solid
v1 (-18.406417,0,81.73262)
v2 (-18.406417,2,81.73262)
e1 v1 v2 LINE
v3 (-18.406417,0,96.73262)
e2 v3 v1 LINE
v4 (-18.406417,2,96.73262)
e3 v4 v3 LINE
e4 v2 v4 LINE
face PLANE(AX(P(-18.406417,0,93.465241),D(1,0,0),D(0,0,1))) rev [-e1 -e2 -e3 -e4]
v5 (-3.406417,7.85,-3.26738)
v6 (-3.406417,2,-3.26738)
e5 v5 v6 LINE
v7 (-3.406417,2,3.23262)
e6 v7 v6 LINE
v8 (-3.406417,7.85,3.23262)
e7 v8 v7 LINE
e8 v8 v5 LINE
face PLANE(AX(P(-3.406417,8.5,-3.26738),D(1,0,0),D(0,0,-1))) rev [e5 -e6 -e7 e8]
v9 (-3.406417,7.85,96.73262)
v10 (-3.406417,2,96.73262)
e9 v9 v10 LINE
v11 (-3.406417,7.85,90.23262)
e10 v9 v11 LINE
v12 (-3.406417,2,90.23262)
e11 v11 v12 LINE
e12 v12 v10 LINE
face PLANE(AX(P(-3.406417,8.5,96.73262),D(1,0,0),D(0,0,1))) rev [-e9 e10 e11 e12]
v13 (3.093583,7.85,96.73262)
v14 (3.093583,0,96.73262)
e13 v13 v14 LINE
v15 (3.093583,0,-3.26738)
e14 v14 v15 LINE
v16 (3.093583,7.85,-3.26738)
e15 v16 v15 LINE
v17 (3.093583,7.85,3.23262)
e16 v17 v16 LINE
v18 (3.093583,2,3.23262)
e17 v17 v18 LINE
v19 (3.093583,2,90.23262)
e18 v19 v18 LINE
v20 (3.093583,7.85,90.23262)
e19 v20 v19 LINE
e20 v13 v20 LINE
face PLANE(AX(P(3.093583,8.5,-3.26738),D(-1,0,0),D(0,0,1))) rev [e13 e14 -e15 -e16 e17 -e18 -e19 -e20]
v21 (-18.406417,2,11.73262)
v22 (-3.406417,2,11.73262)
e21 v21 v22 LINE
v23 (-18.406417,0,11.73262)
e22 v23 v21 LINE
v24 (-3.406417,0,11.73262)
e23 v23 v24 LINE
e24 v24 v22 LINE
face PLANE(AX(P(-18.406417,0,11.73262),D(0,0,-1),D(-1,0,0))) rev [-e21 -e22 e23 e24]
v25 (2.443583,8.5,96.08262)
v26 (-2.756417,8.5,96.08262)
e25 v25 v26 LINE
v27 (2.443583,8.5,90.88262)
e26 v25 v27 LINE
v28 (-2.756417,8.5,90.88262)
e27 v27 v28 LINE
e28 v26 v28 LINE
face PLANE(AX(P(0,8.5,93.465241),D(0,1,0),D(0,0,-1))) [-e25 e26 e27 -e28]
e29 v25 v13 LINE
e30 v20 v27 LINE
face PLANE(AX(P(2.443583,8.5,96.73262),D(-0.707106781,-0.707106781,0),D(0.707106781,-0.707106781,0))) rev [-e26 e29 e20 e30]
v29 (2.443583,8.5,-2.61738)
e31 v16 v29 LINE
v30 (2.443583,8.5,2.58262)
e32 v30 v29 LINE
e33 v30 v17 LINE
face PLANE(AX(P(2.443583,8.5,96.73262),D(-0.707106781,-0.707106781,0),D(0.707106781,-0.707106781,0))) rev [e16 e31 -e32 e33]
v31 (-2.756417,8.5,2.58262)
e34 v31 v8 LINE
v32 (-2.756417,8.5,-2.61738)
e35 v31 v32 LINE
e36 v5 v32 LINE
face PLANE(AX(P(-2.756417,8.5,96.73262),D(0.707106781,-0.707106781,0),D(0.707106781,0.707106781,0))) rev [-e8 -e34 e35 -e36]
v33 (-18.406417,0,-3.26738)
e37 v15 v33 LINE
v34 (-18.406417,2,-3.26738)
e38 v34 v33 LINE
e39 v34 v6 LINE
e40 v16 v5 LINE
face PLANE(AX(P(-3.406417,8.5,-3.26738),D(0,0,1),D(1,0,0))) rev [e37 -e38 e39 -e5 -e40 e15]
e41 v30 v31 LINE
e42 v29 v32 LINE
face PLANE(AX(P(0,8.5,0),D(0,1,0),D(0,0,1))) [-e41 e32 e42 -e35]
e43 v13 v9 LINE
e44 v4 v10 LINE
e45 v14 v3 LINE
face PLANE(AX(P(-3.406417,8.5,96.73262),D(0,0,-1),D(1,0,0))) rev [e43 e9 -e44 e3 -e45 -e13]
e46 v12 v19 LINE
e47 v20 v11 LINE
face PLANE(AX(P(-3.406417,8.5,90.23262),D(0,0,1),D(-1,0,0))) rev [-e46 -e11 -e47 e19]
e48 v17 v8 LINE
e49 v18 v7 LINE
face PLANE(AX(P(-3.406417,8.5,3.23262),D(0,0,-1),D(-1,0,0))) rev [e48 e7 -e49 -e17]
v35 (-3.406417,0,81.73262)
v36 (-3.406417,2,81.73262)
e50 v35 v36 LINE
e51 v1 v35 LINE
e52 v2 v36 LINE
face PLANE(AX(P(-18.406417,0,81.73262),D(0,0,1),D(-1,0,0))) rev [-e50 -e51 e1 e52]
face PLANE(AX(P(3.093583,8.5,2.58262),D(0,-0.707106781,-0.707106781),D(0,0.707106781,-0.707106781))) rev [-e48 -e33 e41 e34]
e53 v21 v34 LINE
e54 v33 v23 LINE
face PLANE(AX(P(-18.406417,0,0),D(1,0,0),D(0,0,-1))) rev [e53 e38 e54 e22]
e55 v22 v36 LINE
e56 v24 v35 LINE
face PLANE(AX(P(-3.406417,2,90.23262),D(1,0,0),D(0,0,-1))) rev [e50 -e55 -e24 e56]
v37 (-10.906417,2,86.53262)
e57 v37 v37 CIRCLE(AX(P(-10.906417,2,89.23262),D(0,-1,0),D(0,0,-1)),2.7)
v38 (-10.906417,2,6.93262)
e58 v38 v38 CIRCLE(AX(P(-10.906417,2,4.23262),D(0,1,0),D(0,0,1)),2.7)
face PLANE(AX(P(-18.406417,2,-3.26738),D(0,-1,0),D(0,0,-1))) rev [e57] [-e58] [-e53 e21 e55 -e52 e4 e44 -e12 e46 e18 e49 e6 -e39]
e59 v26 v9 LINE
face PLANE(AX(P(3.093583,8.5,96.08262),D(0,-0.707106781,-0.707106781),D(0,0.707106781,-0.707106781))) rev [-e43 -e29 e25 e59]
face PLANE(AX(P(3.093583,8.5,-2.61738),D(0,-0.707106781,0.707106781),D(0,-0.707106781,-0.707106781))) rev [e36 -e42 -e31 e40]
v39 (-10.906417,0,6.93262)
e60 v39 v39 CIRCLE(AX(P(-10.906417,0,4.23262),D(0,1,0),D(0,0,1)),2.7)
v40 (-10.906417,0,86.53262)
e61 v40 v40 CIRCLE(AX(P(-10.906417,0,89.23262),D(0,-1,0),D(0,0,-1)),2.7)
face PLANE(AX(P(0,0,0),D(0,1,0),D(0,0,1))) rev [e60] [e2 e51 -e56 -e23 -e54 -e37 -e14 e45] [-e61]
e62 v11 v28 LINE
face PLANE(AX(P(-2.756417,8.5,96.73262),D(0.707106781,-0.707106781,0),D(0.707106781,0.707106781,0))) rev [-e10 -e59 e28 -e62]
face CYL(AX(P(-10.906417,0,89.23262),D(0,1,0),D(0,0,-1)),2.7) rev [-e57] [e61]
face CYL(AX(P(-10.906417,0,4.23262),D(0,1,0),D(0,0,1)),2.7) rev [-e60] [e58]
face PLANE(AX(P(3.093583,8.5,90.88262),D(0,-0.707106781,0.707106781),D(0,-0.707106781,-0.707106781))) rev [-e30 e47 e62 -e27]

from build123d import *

# Parameters (mm, degrees)
SKETCH2_W           = 6.5
SKETCH2_H           = 6.5
BOSS_EXTRUDE1_DEPTH = 8.5
SKETCH4_W           = 15
SKETCH4_H           = 2
BOSS_EXTRUDE2_DEPTH = 15
SKETCH5_R           = 2.7
CUT_EXTRUDE1_DEPTH  = 23.774998804
SKETCH6_W           = 6.5
SKETCH6_H           = 87
BOSS_EXTRUDE3_DEPTH = 2
CUT_EXTRUDE3_DEPTH  = 103.034534305
CUT_EXTRUDE4_DEPTH  = 99.257059971
CUT_EXTRUDE5_DEPTH  = 99.257059971
CUT_EXTRUDE6_DEPTH  = 99.257059971
CUT_EXTRUDE7_DEPTH  = 103.034534305


with BuildPart() as part:
    # Sketch2 → Boss-Extrude1 (new body)
    with BuildSketch(Plane(origin=(0, 0, 0), x_dir=(1, 0, 0), z_dir=(0, 1, 0))):
        with Locations((-0.156417112, 0.017379679)):
            Rectangle(SKETCH2_W, SKETCH2_H)
    extrude(amount=BOSS_EXTRUDE1_DEPTH)

    # Sketch4 → Boss-Extrude2 (add)
    with BuildSketch(Plane.ZY.offset(3.406417112)):
        with Locations((4.232620321, 1)):
            Rectangle(SKETCH4_W, SKETCH4_H)
    extrude(amount=BOSS_EXTRUDE2_DEPTH)

    # Sketch5 → Cut-Extrude1 (cut, through all)
    with BuildSketch(Plane(origin=(0, 2, 0), x_dir=(1, 0, 0), z_dir=(0, 1, 0))):
        with Locations(Location((-10.906417112, -4.232620321, 0), (0, 0, 270))):
            Circle(SKETCH5_R)
    extrude(amount=-CUT_EXTRUDE1_DEPTH, mode=Mode.SUBTRACT)


with BuildPart() as body_2:
    # Mirror3: mirrored copy
    add(part.part.mirror(Plane(origin=(-18.406417112, 0, 11.732620321), x_dir=(1, 0, 0), z_dir=(0, 0, -1))))


with BuildPart() as body_2_1:
    # Body-Move/Copy3: moved
    add(body_2.part.moved(Location((0, 0, 70))))


with BuildPart() as part_1:
    add(part.part)

    add(body_2_1.part)  # Boss-Extrude3 merges body 2
    # Sketch6 → Boss-Extrude3 (add)
    with BuildSketch(Plane(origin=(0, 0, 0), x_dir=(1, 0, 0), z_dir=(0, 1, 0))):
        with Locations((-0.156417112, -46.732620321)):
            Rectangle(SKETCH6_W, SKETCH6_H)
    extrude(amount=BOSS_EXTRUDE3_DEPTH)

    # Sketch10 → Cut-Extrude3 (cut, through all)
    with BuildSketch(Plane(origin=(0, 0, -3.267379679), x_dir=(-1, 0, 0), z_dir=(0, 0, -1))):
        Polygon((-2.443582888, 8.5), (-3.093582888, 7.85), (-3.093582888, 8.5), align=None)
    extrude(amount=-CUT_EXTRUDE3_DEPTH, mode=Mode.SUBTRACT)

    # Sketch7 → Cut-Extrude4 (cut, through all)
    with BuildSketch(Plane.ZY.offset(3.406417112)):
        Polygon((2.582620321, 8.5), (3.232620321, 7.85), (3.232620321, 8.5), align=None)
    extrude(amount=-CUT_EXTRUDE4_DEPTH, mode=Mode.SUBTRACT)

    # Sketch12 → Cut-Extrude5 (cut, through all)
    with BuildSketch(Plane.ZY.offset(3.406417112)):
        Polygon((-2.617379679, 8.5), (-3.267379679, 7.85), (-3.267379679, 8.5), align=None)
    extrude(amount=-CUT_EXTRUDE5_DEPTH, mode=Mode.SUBTRACT)

    # Sketch13 → Cut-Extrude6 (cut, through all)
    with BuildSketch(Plane.ZY.offset(3.406417112)):
        Polygon((90.882620321, 8.5), (90.232620321, 7.85), (90.232620321, 8.5), align=None)
        Polygon((96.082620321, 8.5), (96.732620321, 7.85), (96.732620321, 8.5), align=None)
    extrude(amount=-CUT_EXTRUDE6_DEPTH, mode=Mode.SUBTRACT)

    # Sketch11 → Cut-Extrude7 (cut, through all)
    with BuildSketch(Plane(origin=(0, 0, -3.267379679), x_dir=(-1, 0, 0), z_dir=(0, 0, -1))):
        Polygon((2.756417112, 8.5), (3.406417112, 7.85), (3.406417112, 8.5), align=None)
    extrude(amount=-CUT_EXTRUDE7_DEPTH, mode=Mode.SUBTRACT)


solid = part_1.part
